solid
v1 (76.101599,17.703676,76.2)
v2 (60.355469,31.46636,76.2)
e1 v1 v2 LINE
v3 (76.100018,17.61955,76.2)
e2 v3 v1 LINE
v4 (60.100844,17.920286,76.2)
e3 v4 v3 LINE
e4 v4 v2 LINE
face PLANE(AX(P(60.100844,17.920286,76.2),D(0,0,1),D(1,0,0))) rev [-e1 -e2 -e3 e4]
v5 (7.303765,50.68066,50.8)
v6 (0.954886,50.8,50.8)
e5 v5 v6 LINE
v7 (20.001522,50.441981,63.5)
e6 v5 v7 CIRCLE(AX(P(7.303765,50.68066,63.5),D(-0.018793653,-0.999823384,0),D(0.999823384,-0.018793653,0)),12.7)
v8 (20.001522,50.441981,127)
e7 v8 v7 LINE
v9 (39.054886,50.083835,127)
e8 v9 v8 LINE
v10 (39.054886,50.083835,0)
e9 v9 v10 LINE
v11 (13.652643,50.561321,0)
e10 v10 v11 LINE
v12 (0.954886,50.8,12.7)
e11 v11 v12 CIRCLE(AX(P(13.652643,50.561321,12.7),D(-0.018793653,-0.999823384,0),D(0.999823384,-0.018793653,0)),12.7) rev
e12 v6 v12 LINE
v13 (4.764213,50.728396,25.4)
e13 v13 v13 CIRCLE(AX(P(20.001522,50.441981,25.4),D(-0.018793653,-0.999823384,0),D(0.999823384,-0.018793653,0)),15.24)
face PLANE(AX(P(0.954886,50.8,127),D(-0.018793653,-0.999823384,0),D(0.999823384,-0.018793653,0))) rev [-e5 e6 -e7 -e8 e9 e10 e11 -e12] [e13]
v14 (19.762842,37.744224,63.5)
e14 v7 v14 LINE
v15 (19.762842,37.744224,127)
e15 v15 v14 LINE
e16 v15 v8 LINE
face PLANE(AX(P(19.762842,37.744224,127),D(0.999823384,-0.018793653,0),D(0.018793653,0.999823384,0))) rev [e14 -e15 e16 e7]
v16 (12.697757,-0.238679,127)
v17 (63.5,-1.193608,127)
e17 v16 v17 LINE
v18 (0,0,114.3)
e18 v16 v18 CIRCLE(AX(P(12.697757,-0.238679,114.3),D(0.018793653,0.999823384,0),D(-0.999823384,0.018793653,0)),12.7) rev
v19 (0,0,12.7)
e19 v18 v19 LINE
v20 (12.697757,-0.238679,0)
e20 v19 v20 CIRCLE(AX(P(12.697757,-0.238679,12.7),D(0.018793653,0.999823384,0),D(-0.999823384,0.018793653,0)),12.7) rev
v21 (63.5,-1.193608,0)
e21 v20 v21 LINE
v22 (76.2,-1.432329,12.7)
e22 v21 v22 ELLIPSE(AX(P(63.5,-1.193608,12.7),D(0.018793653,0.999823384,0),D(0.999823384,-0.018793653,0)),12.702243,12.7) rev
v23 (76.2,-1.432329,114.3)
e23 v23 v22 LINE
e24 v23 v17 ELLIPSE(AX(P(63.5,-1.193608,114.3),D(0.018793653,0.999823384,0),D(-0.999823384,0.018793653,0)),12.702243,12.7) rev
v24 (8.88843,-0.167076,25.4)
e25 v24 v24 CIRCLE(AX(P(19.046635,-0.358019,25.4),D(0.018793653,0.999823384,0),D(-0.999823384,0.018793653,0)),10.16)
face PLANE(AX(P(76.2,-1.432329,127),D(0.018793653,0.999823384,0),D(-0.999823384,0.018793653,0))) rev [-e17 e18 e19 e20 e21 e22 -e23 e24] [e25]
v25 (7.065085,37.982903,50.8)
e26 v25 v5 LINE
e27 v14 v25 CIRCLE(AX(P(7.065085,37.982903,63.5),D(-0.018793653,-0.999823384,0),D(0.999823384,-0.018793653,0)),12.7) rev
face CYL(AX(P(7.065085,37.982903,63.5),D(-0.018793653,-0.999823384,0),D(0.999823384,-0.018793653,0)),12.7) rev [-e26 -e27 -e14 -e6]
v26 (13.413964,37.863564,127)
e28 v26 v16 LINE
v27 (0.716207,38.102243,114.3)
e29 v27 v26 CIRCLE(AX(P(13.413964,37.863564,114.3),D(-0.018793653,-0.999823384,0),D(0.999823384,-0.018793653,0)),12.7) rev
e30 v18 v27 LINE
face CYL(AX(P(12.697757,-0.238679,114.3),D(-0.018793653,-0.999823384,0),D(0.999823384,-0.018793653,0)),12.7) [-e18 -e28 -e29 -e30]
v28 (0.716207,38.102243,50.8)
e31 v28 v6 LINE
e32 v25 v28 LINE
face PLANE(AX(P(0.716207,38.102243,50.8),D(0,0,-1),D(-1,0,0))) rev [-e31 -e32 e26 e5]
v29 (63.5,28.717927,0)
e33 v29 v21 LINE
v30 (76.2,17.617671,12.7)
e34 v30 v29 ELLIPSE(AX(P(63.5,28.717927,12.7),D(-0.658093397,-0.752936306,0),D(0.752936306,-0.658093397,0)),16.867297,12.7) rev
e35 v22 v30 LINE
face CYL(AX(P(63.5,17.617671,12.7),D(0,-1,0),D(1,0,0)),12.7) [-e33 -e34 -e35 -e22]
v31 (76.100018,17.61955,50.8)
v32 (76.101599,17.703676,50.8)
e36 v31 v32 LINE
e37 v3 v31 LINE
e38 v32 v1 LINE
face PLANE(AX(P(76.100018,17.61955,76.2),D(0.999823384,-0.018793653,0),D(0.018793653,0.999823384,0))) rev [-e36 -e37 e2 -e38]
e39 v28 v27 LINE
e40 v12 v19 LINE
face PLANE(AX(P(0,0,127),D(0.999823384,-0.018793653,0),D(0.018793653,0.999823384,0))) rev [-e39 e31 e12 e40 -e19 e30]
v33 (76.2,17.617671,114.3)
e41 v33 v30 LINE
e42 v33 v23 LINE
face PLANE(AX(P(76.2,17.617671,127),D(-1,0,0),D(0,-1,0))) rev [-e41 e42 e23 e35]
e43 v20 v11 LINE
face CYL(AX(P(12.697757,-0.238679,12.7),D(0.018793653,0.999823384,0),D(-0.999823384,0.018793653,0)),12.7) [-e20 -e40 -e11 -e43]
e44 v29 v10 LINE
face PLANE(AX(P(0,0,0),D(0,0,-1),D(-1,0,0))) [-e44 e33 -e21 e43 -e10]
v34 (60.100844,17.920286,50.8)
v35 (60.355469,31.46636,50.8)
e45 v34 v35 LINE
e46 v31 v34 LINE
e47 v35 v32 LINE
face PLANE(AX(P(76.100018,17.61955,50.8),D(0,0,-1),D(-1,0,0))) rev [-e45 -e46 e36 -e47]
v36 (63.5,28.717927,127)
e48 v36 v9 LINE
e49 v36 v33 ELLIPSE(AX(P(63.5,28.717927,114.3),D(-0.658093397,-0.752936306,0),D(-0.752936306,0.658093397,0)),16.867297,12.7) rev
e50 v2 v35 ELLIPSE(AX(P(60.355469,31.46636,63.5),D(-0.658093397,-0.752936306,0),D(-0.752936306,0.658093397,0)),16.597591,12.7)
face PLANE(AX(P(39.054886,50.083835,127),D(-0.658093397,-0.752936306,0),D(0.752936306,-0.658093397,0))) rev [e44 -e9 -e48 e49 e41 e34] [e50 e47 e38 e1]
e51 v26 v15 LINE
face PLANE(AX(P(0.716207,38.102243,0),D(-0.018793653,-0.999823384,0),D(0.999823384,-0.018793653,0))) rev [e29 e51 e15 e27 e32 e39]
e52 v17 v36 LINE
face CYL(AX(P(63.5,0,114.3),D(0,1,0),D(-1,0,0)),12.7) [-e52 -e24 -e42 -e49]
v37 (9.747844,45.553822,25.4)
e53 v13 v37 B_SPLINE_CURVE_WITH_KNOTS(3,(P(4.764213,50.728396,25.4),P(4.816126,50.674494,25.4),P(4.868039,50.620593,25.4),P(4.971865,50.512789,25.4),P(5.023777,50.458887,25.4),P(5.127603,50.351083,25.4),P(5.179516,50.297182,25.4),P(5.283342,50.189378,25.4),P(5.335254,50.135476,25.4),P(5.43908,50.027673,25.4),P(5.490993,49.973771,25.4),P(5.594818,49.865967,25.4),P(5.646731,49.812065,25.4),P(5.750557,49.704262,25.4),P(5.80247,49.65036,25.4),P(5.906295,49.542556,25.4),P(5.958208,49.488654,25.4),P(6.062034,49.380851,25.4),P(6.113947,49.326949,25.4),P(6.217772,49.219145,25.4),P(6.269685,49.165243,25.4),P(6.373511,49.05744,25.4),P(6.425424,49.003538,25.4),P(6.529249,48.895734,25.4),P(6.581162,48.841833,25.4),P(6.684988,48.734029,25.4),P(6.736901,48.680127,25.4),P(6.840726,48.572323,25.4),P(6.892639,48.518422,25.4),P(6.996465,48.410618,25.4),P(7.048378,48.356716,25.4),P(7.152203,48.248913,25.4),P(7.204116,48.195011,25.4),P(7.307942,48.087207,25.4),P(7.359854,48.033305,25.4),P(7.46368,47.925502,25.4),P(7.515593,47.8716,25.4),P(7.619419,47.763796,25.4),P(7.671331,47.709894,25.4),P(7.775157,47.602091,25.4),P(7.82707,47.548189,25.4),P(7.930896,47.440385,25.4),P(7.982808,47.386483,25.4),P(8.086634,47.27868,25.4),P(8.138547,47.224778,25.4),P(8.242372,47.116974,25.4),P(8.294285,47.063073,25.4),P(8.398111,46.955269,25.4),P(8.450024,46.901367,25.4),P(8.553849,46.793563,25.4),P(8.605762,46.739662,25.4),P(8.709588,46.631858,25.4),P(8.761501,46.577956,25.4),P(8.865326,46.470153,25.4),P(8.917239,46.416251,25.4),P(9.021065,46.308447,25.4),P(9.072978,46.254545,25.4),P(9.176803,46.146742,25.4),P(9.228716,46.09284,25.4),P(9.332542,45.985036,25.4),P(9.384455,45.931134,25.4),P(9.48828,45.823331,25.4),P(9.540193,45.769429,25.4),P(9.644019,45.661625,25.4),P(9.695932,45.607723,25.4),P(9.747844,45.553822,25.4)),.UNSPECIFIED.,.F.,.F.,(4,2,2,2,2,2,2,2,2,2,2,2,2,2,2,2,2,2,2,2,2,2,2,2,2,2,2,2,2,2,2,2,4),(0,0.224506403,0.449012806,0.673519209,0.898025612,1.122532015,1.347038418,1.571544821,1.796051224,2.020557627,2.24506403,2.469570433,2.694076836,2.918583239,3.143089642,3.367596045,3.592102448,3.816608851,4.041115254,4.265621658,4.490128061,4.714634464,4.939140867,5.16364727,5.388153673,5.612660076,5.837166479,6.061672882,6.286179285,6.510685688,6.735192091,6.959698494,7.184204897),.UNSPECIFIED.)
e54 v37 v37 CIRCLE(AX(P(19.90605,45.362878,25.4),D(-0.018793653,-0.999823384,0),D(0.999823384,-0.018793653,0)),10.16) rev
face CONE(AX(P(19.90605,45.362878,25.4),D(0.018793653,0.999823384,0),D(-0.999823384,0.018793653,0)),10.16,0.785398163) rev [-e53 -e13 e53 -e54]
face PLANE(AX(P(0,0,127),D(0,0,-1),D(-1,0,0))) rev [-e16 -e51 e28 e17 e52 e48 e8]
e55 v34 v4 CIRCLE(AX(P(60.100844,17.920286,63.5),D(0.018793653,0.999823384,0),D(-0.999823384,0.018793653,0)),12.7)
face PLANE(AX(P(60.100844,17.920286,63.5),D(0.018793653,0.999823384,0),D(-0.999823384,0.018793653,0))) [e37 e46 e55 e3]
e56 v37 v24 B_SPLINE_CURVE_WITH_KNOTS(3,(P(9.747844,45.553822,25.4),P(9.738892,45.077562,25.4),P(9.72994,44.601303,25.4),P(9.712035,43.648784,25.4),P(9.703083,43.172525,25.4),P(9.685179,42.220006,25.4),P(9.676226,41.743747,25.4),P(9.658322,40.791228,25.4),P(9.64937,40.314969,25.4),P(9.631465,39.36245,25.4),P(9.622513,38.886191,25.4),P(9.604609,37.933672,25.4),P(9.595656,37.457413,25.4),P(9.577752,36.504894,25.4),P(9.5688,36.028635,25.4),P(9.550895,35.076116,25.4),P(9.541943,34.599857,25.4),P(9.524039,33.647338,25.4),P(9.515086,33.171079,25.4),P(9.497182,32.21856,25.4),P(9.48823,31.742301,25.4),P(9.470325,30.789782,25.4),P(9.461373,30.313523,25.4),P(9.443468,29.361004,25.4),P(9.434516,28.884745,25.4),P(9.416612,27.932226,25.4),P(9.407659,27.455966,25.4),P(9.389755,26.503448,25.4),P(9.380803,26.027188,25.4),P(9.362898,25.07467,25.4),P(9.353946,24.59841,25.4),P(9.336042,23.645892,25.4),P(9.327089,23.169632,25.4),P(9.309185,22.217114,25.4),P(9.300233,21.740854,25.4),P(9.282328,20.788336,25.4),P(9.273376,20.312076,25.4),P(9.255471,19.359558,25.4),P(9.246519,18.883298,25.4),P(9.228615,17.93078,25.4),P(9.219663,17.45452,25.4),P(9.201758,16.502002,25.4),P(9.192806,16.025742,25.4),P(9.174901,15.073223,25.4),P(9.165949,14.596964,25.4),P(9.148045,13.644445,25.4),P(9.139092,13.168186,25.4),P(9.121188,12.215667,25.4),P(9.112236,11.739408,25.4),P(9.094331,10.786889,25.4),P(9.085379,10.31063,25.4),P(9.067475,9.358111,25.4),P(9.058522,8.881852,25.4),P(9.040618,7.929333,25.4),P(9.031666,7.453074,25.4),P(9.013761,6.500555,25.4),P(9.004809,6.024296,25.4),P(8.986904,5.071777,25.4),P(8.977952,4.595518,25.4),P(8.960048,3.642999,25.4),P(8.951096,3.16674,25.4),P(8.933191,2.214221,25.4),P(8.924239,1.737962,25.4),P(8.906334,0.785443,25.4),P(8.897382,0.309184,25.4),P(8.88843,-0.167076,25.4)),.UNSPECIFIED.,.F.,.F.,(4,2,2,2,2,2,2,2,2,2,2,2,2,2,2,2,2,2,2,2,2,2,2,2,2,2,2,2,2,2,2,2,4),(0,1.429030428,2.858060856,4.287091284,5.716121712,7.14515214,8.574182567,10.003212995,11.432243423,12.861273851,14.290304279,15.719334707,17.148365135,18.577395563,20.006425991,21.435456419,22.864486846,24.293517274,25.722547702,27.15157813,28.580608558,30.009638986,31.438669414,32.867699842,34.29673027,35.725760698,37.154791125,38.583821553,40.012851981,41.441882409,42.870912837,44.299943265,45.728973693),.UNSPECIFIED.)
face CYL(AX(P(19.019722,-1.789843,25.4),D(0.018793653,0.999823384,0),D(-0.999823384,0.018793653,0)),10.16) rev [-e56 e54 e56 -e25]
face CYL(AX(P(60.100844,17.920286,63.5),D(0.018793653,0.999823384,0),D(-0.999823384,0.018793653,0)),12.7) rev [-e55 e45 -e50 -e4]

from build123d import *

# Parameters (mm, degrees)
BOSS_EXTRUDE1_DEPTH = 127
SKETCH2_R           = 10.16
CUT_EXTRUDE1_DEPTH  = 157.585578439
CHAMFER1_SIZE       = 5.08
SKETCH3_W           = 19.05
SKETCH3_H           = 76.2
CUT_EXTRUDE2_DEPTH  = 12.7
FILLET1_R           = 12.7
CUT_EXTRUDE4_DEPTH  = 31.762338
FILLET2_R           = 12.7
FILLET3_R           = 12.7
FILLET4_R           = 12.7
FILLET5_R           = 12.7


with BuildPart() as part:
    # Sketch1 → Boss-Extrude1 (new body)
    with BuildSketch(Plane.XY):
        Polygon((0, 0), (0.954886233, 50.8), (39.054886233, 50.083835325), (76.2, 17.617670651), (76.2, -1.432329349), align=None)
    extrude(amount=BOSS_EXTRUDE1_DEPTH)

    # Sketch2 → Cut-Extrude1 (cut, through all)
    with BuildSketch(Plane(origin=(0.954886233, 50.8, 0), x_dir=(0.9998233837023289, -0.01879365323787949, 0), z_dir=(0.01879365323787949, 0.999823383702329, 0))):
        with Locations(Location((19.05, -25.4, 0), (0, 0, 180))):
            Circle(SKETCH2_R)
    extrude(amount=-CUT_EXTRUDE1_DEPTH, mode=Mode.SUBTRACT)

    # Chamfer1
    chamfer1_edges = [part.edges().sort_by_distance(p)[0] for p in [
        (30.159727271, 50.251037389, 25.4),
    ]]
    chamfer(chamfer1_edges, length=CHAMFER1_SIZE)

    # Sketch3 → Cut-Extrude2 (cut)
    with BuildSketch(Plane(origin=(0.954886233, 50.8, 0), x_dir=(0.9998233837023289, -0.01879365323787949, 0), z_dir=(0.01879365323787949, 0.999823383702329, 0))):
        with Locations((9.525, -88.9)):
            Rectangle(SKETCH3_W, SKETCH3_H)
    extrude(amount=-CUT_EXTRUDE2_DEPTH, mode=Mode.SUBTRACT)

    # Fillet1
    fillet1_edges = [part.edges().sort_by_distance(p)[0] for p in [
        (19.882181994, 44.093102419, 50.8),
    ]]
    fillet(fillet1_edges, radius=FILLET1_R)

    # Sketch10 → Cut-Extrude4 (cut)
    with BuildSketch(Plane(origin=(0.954886233, 50.8, 0), x_dir=(0.9998233837023289, -0.01879365323787949, 0), z_dir=(0.01879365323787949, 0.999823383702329, 0))):
        with BuildLine():
            Line((75.755441679, -50.8), (59.753441679, -50.8))
            ThreePointArc((59.753441679, -50.8), (47.053441679, -63.5), (59.753441679, -76.2))
            Line((59.753441679, -76.2), (75.755441679, -76.2))
            Line((75.755441679, -76.2), (75.755441679, -50.8))
        make_face()
    extrude(amount=-CUT_EXTRUDE4_DEPTH, mode=Mode.SUBTRACT)

    # Fillet2
    fillet2_edges = [part.edges().sort_by_distance(p)[0] for p in [
        (76.2, 8.092670651, 127),
    ]]
    fillet(fillet2_edges, radius=FILLET2_R)

    # Fillet3
    fillet3_edges = [part.edges().sort_by_distance(p)[0] for p in [
        (0.358103418, 19.051121513, 127),
    ]]
    fillet(fillet3_edges, radius=FILLET3_R)

    # Fillet4
    fillet4_edges = [part.edges().sort_by_distance(p)[0] for p in [
        (0.477443116, 25.4, 0),
    ]]
    fillet(fillet4_edges, radius=FILLET4_R)

    # Fillet5
    fillet5_edges = [part.edges().sort_by_distance(p)[0] for p in [
        (76.2, 8.092670651, 0),
    ]]
    fillet(fillet5_edges, radius=FILLET5_R)


solid = part.part
